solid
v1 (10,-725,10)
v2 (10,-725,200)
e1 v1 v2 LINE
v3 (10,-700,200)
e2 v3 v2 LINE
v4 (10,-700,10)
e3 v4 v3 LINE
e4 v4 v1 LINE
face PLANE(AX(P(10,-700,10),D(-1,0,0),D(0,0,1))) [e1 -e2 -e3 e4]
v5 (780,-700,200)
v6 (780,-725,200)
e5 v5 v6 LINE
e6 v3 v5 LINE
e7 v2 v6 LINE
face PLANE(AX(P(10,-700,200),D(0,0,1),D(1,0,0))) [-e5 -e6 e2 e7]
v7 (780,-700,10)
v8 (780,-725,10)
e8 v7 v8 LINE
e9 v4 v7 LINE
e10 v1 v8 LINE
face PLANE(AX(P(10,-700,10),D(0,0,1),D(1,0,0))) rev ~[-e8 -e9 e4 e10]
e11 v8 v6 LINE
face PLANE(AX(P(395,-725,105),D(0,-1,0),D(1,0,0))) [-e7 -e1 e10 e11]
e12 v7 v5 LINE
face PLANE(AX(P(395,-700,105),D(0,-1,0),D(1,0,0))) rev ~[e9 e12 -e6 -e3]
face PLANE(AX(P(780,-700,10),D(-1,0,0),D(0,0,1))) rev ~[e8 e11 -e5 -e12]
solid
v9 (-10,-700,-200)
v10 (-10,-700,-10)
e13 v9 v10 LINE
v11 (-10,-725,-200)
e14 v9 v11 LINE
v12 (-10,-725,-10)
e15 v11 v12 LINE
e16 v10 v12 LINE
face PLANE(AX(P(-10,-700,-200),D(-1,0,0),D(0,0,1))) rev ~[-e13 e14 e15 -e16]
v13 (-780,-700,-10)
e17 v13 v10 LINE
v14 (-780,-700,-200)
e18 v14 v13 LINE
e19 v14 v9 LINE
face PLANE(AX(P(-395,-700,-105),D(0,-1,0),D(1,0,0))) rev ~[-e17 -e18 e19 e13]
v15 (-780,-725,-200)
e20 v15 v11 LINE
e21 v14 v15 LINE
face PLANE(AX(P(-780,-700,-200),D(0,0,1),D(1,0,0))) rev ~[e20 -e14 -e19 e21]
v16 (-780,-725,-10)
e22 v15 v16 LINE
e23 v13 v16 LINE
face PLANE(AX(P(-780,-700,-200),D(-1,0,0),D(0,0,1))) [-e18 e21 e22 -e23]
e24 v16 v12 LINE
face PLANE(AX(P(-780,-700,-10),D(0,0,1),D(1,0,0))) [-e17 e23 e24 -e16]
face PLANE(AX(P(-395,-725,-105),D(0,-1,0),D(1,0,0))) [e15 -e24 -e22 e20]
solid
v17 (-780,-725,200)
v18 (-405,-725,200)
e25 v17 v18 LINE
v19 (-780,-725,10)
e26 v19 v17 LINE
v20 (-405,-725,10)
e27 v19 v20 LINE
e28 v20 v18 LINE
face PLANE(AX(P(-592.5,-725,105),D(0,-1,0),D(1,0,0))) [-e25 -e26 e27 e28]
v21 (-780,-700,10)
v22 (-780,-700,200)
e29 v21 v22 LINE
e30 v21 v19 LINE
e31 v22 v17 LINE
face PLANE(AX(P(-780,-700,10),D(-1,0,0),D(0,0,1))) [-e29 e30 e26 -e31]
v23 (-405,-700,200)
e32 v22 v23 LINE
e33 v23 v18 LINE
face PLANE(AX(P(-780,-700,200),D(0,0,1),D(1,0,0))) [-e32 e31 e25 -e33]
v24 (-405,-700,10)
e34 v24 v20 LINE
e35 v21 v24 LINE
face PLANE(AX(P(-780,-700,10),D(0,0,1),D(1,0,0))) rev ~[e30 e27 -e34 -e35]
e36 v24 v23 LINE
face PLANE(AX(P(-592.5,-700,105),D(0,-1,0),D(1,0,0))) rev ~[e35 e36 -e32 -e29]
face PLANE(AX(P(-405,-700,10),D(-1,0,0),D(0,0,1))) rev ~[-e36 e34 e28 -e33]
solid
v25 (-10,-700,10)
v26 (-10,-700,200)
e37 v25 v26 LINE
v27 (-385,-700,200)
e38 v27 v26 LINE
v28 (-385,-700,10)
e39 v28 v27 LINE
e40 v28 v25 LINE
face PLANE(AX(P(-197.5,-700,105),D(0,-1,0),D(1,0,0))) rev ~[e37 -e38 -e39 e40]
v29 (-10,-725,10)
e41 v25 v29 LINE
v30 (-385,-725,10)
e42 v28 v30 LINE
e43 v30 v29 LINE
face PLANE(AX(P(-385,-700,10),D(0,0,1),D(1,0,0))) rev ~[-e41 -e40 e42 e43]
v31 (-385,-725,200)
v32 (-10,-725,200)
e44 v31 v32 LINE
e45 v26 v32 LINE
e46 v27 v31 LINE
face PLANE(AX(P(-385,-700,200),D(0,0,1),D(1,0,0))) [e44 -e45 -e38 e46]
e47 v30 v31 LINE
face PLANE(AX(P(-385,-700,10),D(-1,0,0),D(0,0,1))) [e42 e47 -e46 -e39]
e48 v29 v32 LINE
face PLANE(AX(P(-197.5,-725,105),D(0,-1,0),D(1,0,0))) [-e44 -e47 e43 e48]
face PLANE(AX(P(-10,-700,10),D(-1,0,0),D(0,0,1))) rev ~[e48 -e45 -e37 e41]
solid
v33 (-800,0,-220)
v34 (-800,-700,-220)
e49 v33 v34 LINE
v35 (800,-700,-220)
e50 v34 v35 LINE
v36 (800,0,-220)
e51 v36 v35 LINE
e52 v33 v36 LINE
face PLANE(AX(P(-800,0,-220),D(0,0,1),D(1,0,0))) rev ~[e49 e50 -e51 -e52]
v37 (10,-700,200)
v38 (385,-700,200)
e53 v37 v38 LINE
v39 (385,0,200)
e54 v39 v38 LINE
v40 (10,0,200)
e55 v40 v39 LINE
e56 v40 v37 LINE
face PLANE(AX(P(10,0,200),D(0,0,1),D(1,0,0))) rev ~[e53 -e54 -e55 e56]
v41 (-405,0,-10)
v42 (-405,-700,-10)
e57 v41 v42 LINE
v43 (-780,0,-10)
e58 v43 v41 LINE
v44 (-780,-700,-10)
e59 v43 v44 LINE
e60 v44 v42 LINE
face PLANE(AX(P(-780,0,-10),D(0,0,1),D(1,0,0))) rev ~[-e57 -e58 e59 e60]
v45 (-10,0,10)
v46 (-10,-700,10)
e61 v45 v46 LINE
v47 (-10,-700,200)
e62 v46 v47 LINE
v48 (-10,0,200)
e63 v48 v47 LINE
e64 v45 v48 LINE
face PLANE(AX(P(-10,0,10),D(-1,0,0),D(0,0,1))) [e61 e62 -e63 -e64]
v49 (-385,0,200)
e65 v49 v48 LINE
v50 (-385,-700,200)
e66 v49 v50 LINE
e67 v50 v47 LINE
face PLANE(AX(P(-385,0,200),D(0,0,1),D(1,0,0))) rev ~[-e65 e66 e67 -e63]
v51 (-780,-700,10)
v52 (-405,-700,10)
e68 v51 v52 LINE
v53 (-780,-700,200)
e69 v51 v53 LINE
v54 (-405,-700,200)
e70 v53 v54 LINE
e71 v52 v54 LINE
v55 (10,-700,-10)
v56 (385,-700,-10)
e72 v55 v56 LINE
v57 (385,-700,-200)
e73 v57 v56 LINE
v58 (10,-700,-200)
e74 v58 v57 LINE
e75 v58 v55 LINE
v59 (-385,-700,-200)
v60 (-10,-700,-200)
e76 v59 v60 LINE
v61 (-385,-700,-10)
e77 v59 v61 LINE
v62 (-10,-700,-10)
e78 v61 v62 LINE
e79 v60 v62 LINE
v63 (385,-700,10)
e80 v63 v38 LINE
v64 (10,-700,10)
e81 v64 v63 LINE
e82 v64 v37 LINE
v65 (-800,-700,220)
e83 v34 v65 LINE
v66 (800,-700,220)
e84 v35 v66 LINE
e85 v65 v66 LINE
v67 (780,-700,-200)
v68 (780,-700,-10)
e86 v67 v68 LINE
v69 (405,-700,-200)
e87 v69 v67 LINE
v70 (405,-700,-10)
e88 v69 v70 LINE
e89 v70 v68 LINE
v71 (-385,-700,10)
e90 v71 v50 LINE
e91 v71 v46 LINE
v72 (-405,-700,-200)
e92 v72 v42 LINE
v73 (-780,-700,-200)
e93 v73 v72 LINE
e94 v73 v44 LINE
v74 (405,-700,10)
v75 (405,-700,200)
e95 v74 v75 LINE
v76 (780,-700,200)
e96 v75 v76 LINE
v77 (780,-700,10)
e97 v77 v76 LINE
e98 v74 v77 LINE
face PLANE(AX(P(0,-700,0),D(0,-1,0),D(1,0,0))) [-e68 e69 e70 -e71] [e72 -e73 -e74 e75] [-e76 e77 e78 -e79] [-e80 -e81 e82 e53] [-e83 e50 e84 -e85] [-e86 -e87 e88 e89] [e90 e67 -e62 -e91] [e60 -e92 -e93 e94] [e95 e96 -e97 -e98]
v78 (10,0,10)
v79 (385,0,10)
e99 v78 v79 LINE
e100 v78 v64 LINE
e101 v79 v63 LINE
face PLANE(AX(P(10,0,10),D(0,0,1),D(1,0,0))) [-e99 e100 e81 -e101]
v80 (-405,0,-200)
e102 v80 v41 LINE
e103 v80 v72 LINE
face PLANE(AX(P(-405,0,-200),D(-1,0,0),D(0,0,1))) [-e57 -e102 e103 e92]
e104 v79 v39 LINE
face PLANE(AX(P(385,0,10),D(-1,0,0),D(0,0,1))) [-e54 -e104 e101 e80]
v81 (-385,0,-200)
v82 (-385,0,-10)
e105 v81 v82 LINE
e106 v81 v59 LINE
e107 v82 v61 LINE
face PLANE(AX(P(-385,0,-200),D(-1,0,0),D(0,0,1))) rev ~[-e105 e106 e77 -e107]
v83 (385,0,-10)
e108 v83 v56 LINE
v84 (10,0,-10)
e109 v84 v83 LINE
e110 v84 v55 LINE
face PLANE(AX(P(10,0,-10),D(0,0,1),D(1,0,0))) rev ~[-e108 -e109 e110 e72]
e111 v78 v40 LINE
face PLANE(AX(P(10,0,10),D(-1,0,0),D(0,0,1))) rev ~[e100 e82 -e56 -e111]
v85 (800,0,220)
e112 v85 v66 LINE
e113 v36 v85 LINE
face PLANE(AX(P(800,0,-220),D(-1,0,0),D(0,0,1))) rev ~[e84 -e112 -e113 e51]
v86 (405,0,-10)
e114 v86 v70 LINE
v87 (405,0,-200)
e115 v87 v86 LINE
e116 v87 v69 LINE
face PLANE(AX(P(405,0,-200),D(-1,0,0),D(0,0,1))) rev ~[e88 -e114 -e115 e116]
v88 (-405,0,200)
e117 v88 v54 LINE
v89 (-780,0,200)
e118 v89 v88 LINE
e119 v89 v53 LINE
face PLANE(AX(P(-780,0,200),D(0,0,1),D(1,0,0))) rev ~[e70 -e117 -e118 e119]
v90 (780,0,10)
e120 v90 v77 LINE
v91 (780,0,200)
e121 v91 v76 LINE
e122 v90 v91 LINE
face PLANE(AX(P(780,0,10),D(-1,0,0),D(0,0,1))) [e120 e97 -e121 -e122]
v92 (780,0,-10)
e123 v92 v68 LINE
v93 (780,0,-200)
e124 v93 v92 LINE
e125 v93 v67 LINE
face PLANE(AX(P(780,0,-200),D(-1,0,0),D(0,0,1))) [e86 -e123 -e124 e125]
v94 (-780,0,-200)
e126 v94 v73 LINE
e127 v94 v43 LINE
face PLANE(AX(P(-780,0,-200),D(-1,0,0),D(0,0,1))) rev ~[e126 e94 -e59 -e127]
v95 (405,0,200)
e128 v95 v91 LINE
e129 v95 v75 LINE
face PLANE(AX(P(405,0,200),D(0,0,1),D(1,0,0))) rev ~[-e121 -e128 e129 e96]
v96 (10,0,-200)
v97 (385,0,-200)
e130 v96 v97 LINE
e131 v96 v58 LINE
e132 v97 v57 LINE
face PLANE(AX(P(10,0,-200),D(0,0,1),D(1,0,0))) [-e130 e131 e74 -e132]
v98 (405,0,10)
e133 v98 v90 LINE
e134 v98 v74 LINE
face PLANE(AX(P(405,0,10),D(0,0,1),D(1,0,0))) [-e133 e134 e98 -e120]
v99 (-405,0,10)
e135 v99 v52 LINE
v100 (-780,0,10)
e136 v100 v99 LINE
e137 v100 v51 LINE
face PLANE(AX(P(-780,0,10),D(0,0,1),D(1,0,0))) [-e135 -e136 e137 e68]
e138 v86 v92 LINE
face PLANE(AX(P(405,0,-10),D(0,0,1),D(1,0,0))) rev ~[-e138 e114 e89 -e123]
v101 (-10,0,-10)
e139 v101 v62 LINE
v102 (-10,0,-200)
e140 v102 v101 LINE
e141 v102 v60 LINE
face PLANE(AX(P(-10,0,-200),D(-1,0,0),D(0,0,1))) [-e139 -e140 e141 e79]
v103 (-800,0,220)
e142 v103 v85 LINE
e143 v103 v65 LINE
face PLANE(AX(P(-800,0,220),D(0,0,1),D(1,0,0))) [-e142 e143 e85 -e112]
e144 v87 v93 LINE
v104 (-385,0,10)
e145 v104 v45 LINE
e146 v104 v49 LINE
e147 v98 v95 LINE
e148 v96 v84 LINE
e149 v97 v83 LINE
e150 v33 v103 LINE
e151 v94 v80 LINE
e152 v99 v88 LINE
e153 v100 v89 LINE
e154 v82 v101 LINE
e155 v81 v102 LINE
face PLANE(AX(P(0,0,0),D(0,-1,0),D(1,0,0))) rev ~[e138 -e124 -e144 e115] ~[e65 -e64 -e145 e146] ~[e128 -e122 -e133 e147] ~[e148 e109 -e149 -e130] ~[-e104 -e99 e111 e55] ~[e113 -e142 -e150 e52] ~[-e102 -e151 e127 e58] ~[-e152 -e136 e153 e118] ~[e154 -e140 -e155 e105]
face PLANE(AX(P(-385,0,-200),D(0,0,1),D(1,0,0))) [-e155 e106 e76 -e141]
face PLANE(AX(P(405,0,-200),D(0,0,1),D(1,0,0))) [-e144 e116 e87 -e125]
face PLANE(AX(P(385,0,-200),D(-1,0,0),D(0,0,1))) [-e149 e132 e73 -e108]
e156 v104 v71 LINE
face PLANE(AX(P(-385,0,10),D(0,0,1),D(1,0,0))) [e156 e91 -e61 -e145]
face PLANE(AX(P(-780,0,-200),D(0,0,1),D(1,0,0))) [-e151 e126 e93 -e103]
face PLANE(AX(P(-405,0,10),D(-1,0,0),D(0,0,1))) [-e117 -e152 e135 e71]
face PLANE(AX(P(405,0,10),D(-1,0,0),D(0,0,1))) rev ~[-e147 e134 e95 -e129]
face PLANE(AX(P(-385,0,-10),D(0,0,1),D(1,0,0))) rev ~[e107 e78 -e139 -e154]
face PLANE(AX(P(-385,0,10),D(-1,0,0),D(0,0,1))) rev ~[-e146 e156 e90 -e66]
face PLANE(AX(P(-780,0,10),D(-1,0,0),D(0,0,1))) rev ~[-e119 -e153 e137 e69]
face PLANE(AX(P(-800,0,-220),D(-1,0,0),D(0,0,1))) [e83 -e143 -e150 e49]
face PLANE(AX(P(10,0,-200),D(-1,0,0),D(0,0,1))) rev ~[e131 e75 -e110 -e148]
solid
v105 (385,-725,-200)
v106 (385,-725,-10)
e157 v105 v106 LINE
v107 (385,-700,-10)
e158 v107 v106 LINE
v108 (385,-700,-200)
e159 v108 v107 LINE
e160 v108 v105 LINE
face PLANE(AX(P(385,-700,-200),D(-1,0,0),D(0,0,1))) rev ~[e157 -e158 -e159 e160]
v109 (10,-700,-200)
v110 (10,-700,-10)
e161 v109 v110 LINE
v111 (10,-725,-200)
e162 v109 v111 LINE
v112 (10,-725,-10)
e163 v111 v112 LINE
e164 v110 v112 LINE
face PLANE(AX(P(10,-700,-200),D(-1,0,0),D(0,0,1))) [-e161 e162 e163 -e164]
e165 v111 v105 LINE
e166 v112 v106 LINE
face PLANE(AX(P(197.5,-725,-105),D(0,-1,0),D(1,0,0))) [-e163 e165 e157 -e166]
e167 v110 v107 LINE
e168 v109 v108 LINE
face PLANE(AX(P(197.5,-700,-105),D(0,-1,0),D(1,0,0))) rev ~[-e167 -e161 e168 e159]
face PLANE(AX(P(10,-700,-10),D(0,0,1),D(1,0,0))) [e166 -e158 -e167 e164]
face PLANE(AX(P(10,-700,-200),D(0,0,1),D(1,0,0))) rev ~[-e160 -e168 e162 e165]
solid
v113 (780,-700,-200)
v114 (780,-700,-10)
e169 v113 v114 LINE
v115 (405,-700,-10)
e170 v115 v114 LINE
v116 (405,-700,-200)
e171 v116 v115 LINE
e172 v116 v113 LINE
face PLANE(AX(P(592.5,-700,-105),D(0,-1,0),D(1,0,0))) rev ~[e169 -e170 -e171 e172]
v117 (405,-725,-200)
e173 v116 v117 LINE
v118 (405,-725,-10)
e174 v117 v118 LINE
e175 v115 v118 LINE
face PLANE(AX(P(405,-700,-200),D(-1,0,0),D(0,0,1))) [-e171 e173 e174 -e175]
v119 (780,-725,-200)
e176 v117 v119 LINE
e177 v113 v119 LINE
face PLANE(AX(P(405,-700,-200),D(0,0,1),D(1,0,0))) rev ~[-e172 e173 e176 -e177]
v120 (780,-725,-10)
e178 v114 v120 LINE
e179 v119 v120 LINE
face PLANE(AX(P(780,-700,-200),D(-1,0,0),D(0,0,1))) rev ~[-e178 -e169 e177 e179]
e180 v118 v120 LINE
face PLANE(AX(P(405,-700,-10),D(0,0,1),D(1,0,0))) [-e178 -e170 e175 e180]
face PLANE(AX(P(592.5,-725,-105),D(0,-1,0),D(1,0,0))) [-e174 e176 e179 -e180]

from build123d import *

# Parameters (mm, degrees)
F0_W     = 1600
F0_H     = 440
F0_W_2   = 375
F0_H_2   = 190
F1_DEPTH = 700
F2_W     = 375
F2_H     = 190
F2_W_2   = 770
F3_DEPTH = 25


with BuildPart() as f1:
    # F0 (on Front) → F1 (new body)
    with BuildSketch(Plane.XZ):
        Rectangle(F0_W, F0_H)
        with Locations((-592.5, -105)):
            Rectangle(F0_W_2, F0_H_2, mode=Mode.SUBTRACT)
        with Locations((-197.5, -105)):
            Rectangle(F0_W_2, F0_H_2, mode=Mode.SUBTRACT)
        with Locations((197.5, -105)):
            Rectangle(F0_W_2, F0_H_2, mode=Mode.SUBTRACT)
        with Locations((592.5, -105)):
            Rectangle(F0_W_2, F0_H_2, mode=Mode.SUBTRACT)
        with Locations((-592.5, 105)):
            Rectangle(F0_W_2, F0_H_2, mode=Mode.SUBTRACT)
        with Locations((-197.5, 105)):
            Rectangle(F0_W_2, F0_H_2, mode=Mode.SUBTRACT)
        with Locations((197.5, 105)):
            Rectangle(F0_W_2, F0_H_2, mode=Mode.SUBTRACT)
        with Locations((592.5, 105)):
            Rectangle(F0_W_2, F0_H_2, mode=Mode.SUBTRACT)
    extrude(amount=F1_DEPTH)


with BuildPart() as f3:
    # F2 (on face) → F3 (new body)
    with BuildSketch(Plane.XZ.offset(700)):
        with Locations((-592.5, 105)):
            Rectangle(F2_W, F2_H)
        with Locations((-197.5, 105)):
            Rectangle(F2_W, F2_H)
        with Locations((197.5, -105)):
            Rectangle(F2_W, F2_H)
        with Locations((592.5, -105)):
            Rectangle(F2_W, F2_H)
        with Locations((395, 105)):
            Rectangle(F2_W_2, F2_H)
        with Locations((-395, -105)):
            Rectangle(F2_W_2, F2_H)
    extrude(amount=F3_DEPTH)


solid = Compound([f1.part, f3.part])
